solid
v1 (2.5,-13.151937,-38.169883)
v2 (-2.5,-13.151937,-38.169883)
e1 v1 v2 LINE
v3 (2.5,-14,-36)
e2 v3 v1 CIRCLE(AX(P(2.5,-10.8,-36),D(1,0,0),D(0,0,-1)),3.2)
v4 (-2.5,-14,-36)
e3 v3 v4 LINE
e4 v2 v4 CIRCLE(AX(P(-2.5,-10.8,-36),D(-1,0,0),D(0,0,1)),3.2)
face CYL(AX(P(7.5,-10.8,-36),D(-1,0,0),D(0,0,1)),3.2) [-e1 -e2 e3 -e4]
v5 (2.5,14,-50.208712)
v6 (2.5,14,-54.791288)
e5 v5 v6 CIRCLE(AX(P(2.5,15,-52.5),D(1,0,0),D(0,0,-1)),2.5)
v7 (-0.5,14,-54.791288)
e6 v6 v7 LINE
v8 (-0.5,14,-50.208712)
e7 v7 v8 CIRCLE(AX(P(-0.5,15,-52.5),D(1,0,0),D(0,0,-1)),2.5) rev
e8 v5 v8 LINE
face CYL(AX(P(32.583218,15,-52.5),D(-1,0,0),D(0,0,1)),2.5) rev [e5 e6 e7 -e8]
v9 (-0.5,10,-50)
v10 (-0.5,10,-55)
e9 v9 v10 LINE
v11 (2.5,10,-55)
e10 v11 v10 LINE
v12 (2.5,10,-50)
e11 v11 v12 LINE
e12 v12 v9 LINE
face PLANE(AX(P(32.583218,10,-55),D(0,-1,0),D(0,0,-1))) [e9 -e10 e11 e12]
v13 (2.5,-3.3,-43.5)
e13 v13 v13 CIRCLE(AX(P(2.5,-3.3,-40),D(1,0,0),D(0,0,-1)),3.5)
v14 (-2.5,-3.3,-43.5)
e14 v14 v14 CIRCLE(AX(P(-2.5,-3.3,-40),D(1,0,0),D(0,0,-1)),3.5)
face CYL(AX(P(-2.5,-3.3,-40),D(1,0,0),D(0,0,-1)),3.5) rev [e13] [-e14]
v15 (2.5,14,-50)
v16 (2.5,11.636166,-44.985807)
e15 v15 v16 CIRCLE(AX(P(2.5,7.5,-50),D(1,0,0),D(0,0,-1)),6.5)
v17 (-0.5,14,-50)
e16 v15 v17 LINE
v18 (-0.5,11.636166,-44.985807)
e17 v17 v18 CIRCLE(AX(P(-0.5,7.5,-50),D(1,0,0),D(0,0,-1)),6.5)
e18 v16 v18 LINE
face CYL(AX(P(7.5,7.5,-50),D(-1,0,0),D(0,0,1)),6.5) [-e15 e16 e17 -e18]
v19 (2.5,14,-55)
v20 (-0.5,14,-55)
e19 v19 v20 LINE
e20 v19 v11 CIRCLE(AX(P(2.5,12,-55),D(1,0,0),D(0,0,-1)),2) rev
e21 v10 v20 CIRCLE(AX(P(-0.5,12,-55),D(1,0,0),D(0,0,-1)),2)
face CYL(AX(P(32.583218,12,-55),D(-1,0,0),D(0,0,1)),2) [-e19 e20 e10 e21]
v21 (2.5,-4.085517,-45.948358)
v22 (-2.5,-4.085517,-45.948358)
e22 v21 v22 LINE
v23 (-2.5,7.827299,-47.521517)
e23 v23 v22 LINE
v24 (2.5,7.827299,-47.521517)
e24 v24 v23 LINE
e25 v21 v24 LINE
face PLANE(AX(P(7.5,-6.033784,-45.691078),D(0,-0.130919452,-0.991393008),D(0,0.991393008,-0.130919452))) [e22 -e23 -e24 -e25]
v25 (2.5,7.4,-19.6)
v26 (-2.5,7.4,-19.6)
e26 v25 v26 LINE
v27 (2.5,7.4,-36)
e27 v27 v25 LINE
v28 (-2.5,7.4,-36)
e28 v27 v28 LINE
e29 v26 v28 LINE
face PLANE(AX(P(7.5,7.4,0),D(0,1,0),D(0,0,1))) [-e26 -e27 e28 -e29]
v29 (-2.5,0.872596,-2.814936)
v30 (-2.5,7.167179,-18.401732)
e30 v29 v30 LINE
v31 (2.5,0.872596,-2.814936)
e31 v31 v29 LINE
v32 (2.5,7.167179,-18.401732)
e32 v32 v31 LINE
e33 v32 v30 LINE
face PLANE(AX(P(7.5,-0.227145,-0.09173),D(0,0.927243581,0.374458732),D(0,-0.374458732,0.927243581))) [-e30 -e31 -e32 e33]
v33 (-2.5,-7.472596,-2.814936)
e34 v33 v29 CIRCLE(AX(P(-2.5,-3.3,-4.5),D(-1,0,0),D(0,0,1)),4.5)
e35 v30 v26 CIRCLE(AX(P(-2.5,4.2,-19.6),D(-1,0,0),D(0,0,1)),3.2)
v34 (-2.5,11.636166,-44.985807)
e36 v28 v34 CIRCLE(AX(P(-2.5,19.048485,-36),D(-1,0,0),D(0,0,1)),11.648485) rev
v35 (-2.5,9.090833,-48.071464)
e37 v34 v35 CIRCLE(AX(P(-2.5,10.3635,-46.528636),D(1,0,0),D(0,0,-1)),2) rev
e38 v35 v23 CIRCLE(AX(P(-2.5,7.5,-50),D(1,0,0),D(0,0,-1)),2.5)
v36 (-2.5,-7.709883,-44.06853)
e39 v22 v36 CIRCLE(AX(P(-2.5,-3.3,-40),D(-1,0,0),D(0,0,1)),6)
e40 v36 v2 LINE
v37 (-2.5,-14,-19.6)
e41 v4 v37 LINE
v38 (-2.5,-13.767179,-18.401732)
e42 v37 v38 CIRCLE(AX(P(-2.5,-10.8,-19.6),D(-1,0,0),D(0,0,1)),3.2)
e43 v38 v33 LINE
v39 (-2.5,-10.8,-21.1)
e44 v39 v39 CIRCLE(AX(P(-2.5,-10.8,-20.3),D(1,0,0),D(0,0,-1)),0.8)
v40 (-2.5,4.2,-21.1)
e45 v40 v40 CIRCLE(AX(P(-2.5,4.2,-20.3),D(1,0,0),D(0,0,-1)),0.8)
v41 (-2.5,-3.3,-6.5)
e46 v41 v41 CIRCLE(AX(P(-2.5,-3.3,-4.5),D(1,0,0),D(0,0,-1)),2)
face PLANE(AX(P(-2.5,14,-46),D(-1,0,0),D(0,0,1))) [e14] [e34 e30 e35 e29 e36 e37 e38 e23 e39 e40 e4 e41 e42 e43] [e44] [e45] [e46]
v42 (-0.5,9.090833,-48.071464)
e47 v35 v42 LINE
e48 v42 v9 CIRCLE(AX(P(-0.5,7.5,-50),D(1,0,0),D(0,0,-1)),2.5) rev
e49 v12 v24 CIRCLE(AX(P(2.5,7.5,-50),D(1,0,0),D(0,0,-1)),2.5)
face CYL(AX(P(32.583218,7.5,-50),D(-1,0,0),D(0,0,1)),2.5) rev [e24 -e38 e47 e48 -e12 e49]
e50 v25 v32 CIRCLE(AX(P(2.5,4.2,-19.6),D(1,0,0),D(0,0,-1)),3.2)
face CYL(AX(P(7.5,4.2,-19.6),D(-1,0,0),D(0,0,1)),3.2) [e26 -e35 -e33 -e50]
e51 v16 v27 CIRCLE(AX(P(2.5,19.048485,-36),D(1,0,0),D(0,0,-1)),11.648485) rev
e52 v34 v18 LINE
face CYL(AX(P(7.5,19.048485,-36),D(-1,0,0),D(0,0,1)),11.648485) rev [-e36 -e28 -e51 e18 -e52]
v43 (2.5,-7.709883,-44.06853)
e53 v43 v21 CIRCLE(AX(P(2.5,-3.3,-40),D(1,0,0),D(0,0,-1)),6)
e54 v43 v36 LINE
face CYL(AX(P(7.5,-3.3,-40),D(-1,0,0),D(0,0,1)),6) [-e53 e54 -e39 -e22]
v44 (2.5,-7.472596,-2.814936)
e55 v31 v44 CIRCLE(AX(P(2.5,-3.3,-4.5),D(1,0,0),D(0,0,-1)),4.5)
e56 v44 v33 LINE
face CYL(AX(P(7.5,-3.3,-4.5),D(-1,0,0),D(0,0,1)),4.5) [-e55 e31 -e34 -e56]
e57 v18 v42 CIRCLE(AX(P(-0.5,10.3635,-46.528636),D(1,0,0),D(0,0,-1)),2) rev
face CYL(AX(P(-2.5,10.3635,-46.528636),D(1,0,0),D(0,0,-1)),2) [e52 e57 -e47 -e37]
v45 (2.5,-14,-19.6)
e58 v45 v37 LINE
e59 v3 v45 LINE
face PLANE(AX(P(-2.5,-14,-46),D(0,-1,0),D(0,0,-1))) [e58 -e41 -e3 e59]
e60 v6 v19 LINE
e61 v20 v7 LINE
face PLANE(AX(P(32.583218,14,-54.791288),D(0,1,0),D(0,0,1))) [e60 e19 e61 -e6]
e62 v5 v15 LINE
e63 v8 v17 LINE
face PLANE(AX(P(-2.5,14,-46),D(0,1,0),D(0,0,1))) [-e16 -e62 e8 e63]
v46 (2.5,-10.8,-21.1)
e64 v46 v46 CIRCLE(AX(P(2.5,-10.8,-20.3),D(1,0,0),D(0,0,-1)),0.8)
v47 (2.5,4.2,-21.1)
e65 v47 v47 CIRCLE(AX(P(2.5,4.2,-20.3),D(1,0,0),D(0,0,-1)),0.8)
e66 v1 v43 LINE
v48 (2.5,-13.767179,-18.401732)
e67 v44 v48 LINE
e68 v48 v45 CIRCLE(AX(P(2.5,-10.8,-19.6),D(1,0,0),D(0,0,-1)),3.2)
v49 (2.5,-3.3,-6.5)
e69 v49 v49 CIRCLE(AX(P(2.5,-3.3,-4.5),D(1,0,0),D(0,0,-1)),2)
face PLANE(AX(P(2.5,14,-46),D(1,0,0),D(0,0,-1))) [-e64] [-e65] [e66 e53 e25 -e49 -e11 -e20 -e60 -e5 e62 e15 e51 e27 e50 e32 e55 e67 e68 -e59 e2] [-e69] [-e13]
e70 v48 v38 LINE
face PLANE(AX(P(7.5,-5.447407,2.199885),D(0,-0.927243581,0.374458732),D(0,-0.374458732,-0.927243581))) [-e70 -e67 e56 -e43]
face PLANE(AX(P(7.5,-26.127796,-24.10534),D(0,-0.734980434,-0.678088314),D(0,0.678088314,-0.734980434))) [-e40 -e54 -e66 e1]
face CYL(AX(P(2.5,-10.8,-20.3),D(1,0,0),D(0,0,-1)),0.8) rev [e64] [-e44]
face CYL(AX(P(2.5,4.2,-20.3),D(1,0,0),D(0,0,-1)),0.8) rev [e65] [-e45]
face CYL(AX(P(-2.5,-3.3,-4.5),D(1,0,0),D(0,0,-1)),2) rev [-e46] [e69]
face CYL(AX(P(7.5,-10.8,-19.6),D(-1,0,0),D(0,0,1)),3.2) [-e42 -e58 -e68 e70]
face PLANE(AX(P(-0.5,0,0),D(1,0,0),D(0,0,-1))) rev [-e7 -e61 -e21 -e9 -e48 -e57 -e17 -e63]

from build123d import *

# Parameters (mm, degrees)
ESQUISSE1_W             = 5
ESQUISSE1_H             = 28
EXTRUSION1_DEPTH        = 46
ESQUISSE2_R             = 2
ESQUISSE2_R_2           = 3.5
EXTRUSION2_DEPTH        = 49.342527861
TROU_TARAUD_M21_D       = 1.6
BOSS_EXTRU_2_DEPTH      = 5
ENL_V_MAT_EXTRU_1_DEPTH = 10
ENL_V_START             = 3
ENL_V_MAT_EXTRU_2_DEPTH = 56.9067059


with BuildPart() as part:
    # Esquisse1 → Extrusion1 (new body)
    with BuildSketch(Plane.XY):
        Rectangle(ESQUISSE1_W, ESQUISSE1_H)
    extrude(amount=-EXTRUSION1_DEPTH)

    # Esquisse2 → Extrusion2 (cut, through all)
    with BuildSketch(Plane(origin=(2.5, 0, 0), x_dir=(0, 0, -1), z_dir=(1, 0, 0))):
        with Locations((4.5, -3.3)):
            Circle(ESQUISSE2_R)
        with Locations((40, -3.3)):
            Circle(ESQUISSE2_R_2)
    extrude(amount=-EXTRUSION2_DEPTH, mode=Mode.SUBTRACT)

    # Trou taraudé M21 (through all)
    with Locations(Plane(origin=(2.5, 0, 0), x_dir=(0, 0, -1), z_dir=(1, 0, 0))):
        with Locations((20.3, 4.2), (20.3, -10.8)):
            Hole(TROU_TARAUD_M21_D / 2)

    # Esquisse12 → Boss.-Extru.2 (add)
    with BuildSketch(Plane.ZY.offset(2.5)):
        with BuildLine():
            Line((-46, 14), (-50.208712153, 14))
            ThreePointArc((-50.208712153, 14), (-52.5, 12.5), (-54.791287847, 14))
            Line((-54.791287847, 14), (-55, 14))
            ThreePointArc((-55, 14), (-57, 12), (-55, 10))
            Line((-55, 10), (-50, 10))
            ThreePointArc((-50, 10), (-48.294604063, 9.328011132), (-47.506013794, 7.673299759))
            Line((-47.506013794, 7.673299759), (-46, -14))
            Line((-46, -14), (-46, 14))
        make_face()
    extrude(amount=-BOSS_EXTRU_2_DEPTH)

    # Esquisse13 → Enlèv. mat.-Extru.1 (cut)
    with BuildSketch(Plane.ZY.offset(2.5)):
        with BuildLine():
            ThreePointArc((-47.521517479, 7.82729863), (-47.512573575, 7.750419205), (-47.506013794, 7.673299759))
            Line((-47.506013794, 7.673299759), (-46, -14))
            Line((-46, -14), (-36, -14))
            ThreePointArc((-36, -14), (-37.164860583, -13.780452956), (-38.169882605, -13.151937389))
            Line((-38.169882605, -13.151937389), (-44.068529884, -7.709882605))
            ThreePointArc((-44.068529884, -7.709882605), (-45.326210473, -6.062513711), (-45.94835805, -4.085516713))
            Line((-45.94835805, -4.085516713), (-47.521517479, 7.82729863))
        make_face()
        with BuildLine():
            ThreePointArc((-18.401732057, -13.767179458), (-18.989661678, -13.941255662), (-19.6, -14))
            Line((-19.6, -14), (0, -14))
            Line((0, -14), (0, -3.3))
            ThreePointArc((0, -3.3), (-0.769531576, -5.81666552), (-2.814935705, -7.472596113))
            Line((-2.814935705, -7.472596113), (-18.401732057, -13.767179458))
        make_face()
        with BuildLine():
            ThreePointArc((-2.814935705, 0.872596113), (-0.769531576, -0.78333448), (0, -3.3))
            Line((0, -3.3), (0, 14))
            Line((0, 14), (-50, 14))
            ThreePointArc((-50, 14), (-47.228274994, 13.379416679), (-44.985807313, 11.636166305))
            ThreePointArc((-44.985807313, 11.636166305), (-40.96713796, 8.512131601), (-36, 7.4))
            Line((-36, 7.4), (-19.6, 7.4))
            ThreePointArc((-19.6, 7.4), (-18.989661678, 7.341255662), (-18.401732057, 7.167179458))
            Line((-18.401732057, 7.167179458), (-2.814935705, 0.872596113))
        make_face()
    extrude(amount=-ENL_V_MAT_EXTRU_1_DEPTH, mode=Mode.SUBTRACT)

    # Esquisse14 → Enlèv. mat.-Extru.2 (cut, through all)
    with BuildSketch(Plane.ZY.offset(-2.5).offset(ENL_V_START)):
        with BuildLine():
            ThreePointArc((-44.985807313, 11.636166305), (-47.228274994, 13.379416679), (-50, 14))
            Line((-50, 14), (-50.208712153, 14))
            ThreePointArc((-50.208712153, 14), (-52.5, 12.5), (-54.791287847, 14))
            Line((-54.791287847, 14), (-55, 14))
            ThreePointArc((-55, 14), (-57, 12), (-55, 10))
            Line((-55, 10), (-50, 10))
            ThreePointArc((-50, 10), (-48.933951921, 9.761314107), (-48.071464351, 9.090833194))
            ThreePointArc((-48.071464351, 9.090833194), (-47.801302388, 11.906328268), (-44.985807313, 11.636166305))
        make_face()
    extrude(amount=ENL_V_MAT_EXTRU_2_DEPTH, mode=Mode.SUBTRACT)


solid = part.part
